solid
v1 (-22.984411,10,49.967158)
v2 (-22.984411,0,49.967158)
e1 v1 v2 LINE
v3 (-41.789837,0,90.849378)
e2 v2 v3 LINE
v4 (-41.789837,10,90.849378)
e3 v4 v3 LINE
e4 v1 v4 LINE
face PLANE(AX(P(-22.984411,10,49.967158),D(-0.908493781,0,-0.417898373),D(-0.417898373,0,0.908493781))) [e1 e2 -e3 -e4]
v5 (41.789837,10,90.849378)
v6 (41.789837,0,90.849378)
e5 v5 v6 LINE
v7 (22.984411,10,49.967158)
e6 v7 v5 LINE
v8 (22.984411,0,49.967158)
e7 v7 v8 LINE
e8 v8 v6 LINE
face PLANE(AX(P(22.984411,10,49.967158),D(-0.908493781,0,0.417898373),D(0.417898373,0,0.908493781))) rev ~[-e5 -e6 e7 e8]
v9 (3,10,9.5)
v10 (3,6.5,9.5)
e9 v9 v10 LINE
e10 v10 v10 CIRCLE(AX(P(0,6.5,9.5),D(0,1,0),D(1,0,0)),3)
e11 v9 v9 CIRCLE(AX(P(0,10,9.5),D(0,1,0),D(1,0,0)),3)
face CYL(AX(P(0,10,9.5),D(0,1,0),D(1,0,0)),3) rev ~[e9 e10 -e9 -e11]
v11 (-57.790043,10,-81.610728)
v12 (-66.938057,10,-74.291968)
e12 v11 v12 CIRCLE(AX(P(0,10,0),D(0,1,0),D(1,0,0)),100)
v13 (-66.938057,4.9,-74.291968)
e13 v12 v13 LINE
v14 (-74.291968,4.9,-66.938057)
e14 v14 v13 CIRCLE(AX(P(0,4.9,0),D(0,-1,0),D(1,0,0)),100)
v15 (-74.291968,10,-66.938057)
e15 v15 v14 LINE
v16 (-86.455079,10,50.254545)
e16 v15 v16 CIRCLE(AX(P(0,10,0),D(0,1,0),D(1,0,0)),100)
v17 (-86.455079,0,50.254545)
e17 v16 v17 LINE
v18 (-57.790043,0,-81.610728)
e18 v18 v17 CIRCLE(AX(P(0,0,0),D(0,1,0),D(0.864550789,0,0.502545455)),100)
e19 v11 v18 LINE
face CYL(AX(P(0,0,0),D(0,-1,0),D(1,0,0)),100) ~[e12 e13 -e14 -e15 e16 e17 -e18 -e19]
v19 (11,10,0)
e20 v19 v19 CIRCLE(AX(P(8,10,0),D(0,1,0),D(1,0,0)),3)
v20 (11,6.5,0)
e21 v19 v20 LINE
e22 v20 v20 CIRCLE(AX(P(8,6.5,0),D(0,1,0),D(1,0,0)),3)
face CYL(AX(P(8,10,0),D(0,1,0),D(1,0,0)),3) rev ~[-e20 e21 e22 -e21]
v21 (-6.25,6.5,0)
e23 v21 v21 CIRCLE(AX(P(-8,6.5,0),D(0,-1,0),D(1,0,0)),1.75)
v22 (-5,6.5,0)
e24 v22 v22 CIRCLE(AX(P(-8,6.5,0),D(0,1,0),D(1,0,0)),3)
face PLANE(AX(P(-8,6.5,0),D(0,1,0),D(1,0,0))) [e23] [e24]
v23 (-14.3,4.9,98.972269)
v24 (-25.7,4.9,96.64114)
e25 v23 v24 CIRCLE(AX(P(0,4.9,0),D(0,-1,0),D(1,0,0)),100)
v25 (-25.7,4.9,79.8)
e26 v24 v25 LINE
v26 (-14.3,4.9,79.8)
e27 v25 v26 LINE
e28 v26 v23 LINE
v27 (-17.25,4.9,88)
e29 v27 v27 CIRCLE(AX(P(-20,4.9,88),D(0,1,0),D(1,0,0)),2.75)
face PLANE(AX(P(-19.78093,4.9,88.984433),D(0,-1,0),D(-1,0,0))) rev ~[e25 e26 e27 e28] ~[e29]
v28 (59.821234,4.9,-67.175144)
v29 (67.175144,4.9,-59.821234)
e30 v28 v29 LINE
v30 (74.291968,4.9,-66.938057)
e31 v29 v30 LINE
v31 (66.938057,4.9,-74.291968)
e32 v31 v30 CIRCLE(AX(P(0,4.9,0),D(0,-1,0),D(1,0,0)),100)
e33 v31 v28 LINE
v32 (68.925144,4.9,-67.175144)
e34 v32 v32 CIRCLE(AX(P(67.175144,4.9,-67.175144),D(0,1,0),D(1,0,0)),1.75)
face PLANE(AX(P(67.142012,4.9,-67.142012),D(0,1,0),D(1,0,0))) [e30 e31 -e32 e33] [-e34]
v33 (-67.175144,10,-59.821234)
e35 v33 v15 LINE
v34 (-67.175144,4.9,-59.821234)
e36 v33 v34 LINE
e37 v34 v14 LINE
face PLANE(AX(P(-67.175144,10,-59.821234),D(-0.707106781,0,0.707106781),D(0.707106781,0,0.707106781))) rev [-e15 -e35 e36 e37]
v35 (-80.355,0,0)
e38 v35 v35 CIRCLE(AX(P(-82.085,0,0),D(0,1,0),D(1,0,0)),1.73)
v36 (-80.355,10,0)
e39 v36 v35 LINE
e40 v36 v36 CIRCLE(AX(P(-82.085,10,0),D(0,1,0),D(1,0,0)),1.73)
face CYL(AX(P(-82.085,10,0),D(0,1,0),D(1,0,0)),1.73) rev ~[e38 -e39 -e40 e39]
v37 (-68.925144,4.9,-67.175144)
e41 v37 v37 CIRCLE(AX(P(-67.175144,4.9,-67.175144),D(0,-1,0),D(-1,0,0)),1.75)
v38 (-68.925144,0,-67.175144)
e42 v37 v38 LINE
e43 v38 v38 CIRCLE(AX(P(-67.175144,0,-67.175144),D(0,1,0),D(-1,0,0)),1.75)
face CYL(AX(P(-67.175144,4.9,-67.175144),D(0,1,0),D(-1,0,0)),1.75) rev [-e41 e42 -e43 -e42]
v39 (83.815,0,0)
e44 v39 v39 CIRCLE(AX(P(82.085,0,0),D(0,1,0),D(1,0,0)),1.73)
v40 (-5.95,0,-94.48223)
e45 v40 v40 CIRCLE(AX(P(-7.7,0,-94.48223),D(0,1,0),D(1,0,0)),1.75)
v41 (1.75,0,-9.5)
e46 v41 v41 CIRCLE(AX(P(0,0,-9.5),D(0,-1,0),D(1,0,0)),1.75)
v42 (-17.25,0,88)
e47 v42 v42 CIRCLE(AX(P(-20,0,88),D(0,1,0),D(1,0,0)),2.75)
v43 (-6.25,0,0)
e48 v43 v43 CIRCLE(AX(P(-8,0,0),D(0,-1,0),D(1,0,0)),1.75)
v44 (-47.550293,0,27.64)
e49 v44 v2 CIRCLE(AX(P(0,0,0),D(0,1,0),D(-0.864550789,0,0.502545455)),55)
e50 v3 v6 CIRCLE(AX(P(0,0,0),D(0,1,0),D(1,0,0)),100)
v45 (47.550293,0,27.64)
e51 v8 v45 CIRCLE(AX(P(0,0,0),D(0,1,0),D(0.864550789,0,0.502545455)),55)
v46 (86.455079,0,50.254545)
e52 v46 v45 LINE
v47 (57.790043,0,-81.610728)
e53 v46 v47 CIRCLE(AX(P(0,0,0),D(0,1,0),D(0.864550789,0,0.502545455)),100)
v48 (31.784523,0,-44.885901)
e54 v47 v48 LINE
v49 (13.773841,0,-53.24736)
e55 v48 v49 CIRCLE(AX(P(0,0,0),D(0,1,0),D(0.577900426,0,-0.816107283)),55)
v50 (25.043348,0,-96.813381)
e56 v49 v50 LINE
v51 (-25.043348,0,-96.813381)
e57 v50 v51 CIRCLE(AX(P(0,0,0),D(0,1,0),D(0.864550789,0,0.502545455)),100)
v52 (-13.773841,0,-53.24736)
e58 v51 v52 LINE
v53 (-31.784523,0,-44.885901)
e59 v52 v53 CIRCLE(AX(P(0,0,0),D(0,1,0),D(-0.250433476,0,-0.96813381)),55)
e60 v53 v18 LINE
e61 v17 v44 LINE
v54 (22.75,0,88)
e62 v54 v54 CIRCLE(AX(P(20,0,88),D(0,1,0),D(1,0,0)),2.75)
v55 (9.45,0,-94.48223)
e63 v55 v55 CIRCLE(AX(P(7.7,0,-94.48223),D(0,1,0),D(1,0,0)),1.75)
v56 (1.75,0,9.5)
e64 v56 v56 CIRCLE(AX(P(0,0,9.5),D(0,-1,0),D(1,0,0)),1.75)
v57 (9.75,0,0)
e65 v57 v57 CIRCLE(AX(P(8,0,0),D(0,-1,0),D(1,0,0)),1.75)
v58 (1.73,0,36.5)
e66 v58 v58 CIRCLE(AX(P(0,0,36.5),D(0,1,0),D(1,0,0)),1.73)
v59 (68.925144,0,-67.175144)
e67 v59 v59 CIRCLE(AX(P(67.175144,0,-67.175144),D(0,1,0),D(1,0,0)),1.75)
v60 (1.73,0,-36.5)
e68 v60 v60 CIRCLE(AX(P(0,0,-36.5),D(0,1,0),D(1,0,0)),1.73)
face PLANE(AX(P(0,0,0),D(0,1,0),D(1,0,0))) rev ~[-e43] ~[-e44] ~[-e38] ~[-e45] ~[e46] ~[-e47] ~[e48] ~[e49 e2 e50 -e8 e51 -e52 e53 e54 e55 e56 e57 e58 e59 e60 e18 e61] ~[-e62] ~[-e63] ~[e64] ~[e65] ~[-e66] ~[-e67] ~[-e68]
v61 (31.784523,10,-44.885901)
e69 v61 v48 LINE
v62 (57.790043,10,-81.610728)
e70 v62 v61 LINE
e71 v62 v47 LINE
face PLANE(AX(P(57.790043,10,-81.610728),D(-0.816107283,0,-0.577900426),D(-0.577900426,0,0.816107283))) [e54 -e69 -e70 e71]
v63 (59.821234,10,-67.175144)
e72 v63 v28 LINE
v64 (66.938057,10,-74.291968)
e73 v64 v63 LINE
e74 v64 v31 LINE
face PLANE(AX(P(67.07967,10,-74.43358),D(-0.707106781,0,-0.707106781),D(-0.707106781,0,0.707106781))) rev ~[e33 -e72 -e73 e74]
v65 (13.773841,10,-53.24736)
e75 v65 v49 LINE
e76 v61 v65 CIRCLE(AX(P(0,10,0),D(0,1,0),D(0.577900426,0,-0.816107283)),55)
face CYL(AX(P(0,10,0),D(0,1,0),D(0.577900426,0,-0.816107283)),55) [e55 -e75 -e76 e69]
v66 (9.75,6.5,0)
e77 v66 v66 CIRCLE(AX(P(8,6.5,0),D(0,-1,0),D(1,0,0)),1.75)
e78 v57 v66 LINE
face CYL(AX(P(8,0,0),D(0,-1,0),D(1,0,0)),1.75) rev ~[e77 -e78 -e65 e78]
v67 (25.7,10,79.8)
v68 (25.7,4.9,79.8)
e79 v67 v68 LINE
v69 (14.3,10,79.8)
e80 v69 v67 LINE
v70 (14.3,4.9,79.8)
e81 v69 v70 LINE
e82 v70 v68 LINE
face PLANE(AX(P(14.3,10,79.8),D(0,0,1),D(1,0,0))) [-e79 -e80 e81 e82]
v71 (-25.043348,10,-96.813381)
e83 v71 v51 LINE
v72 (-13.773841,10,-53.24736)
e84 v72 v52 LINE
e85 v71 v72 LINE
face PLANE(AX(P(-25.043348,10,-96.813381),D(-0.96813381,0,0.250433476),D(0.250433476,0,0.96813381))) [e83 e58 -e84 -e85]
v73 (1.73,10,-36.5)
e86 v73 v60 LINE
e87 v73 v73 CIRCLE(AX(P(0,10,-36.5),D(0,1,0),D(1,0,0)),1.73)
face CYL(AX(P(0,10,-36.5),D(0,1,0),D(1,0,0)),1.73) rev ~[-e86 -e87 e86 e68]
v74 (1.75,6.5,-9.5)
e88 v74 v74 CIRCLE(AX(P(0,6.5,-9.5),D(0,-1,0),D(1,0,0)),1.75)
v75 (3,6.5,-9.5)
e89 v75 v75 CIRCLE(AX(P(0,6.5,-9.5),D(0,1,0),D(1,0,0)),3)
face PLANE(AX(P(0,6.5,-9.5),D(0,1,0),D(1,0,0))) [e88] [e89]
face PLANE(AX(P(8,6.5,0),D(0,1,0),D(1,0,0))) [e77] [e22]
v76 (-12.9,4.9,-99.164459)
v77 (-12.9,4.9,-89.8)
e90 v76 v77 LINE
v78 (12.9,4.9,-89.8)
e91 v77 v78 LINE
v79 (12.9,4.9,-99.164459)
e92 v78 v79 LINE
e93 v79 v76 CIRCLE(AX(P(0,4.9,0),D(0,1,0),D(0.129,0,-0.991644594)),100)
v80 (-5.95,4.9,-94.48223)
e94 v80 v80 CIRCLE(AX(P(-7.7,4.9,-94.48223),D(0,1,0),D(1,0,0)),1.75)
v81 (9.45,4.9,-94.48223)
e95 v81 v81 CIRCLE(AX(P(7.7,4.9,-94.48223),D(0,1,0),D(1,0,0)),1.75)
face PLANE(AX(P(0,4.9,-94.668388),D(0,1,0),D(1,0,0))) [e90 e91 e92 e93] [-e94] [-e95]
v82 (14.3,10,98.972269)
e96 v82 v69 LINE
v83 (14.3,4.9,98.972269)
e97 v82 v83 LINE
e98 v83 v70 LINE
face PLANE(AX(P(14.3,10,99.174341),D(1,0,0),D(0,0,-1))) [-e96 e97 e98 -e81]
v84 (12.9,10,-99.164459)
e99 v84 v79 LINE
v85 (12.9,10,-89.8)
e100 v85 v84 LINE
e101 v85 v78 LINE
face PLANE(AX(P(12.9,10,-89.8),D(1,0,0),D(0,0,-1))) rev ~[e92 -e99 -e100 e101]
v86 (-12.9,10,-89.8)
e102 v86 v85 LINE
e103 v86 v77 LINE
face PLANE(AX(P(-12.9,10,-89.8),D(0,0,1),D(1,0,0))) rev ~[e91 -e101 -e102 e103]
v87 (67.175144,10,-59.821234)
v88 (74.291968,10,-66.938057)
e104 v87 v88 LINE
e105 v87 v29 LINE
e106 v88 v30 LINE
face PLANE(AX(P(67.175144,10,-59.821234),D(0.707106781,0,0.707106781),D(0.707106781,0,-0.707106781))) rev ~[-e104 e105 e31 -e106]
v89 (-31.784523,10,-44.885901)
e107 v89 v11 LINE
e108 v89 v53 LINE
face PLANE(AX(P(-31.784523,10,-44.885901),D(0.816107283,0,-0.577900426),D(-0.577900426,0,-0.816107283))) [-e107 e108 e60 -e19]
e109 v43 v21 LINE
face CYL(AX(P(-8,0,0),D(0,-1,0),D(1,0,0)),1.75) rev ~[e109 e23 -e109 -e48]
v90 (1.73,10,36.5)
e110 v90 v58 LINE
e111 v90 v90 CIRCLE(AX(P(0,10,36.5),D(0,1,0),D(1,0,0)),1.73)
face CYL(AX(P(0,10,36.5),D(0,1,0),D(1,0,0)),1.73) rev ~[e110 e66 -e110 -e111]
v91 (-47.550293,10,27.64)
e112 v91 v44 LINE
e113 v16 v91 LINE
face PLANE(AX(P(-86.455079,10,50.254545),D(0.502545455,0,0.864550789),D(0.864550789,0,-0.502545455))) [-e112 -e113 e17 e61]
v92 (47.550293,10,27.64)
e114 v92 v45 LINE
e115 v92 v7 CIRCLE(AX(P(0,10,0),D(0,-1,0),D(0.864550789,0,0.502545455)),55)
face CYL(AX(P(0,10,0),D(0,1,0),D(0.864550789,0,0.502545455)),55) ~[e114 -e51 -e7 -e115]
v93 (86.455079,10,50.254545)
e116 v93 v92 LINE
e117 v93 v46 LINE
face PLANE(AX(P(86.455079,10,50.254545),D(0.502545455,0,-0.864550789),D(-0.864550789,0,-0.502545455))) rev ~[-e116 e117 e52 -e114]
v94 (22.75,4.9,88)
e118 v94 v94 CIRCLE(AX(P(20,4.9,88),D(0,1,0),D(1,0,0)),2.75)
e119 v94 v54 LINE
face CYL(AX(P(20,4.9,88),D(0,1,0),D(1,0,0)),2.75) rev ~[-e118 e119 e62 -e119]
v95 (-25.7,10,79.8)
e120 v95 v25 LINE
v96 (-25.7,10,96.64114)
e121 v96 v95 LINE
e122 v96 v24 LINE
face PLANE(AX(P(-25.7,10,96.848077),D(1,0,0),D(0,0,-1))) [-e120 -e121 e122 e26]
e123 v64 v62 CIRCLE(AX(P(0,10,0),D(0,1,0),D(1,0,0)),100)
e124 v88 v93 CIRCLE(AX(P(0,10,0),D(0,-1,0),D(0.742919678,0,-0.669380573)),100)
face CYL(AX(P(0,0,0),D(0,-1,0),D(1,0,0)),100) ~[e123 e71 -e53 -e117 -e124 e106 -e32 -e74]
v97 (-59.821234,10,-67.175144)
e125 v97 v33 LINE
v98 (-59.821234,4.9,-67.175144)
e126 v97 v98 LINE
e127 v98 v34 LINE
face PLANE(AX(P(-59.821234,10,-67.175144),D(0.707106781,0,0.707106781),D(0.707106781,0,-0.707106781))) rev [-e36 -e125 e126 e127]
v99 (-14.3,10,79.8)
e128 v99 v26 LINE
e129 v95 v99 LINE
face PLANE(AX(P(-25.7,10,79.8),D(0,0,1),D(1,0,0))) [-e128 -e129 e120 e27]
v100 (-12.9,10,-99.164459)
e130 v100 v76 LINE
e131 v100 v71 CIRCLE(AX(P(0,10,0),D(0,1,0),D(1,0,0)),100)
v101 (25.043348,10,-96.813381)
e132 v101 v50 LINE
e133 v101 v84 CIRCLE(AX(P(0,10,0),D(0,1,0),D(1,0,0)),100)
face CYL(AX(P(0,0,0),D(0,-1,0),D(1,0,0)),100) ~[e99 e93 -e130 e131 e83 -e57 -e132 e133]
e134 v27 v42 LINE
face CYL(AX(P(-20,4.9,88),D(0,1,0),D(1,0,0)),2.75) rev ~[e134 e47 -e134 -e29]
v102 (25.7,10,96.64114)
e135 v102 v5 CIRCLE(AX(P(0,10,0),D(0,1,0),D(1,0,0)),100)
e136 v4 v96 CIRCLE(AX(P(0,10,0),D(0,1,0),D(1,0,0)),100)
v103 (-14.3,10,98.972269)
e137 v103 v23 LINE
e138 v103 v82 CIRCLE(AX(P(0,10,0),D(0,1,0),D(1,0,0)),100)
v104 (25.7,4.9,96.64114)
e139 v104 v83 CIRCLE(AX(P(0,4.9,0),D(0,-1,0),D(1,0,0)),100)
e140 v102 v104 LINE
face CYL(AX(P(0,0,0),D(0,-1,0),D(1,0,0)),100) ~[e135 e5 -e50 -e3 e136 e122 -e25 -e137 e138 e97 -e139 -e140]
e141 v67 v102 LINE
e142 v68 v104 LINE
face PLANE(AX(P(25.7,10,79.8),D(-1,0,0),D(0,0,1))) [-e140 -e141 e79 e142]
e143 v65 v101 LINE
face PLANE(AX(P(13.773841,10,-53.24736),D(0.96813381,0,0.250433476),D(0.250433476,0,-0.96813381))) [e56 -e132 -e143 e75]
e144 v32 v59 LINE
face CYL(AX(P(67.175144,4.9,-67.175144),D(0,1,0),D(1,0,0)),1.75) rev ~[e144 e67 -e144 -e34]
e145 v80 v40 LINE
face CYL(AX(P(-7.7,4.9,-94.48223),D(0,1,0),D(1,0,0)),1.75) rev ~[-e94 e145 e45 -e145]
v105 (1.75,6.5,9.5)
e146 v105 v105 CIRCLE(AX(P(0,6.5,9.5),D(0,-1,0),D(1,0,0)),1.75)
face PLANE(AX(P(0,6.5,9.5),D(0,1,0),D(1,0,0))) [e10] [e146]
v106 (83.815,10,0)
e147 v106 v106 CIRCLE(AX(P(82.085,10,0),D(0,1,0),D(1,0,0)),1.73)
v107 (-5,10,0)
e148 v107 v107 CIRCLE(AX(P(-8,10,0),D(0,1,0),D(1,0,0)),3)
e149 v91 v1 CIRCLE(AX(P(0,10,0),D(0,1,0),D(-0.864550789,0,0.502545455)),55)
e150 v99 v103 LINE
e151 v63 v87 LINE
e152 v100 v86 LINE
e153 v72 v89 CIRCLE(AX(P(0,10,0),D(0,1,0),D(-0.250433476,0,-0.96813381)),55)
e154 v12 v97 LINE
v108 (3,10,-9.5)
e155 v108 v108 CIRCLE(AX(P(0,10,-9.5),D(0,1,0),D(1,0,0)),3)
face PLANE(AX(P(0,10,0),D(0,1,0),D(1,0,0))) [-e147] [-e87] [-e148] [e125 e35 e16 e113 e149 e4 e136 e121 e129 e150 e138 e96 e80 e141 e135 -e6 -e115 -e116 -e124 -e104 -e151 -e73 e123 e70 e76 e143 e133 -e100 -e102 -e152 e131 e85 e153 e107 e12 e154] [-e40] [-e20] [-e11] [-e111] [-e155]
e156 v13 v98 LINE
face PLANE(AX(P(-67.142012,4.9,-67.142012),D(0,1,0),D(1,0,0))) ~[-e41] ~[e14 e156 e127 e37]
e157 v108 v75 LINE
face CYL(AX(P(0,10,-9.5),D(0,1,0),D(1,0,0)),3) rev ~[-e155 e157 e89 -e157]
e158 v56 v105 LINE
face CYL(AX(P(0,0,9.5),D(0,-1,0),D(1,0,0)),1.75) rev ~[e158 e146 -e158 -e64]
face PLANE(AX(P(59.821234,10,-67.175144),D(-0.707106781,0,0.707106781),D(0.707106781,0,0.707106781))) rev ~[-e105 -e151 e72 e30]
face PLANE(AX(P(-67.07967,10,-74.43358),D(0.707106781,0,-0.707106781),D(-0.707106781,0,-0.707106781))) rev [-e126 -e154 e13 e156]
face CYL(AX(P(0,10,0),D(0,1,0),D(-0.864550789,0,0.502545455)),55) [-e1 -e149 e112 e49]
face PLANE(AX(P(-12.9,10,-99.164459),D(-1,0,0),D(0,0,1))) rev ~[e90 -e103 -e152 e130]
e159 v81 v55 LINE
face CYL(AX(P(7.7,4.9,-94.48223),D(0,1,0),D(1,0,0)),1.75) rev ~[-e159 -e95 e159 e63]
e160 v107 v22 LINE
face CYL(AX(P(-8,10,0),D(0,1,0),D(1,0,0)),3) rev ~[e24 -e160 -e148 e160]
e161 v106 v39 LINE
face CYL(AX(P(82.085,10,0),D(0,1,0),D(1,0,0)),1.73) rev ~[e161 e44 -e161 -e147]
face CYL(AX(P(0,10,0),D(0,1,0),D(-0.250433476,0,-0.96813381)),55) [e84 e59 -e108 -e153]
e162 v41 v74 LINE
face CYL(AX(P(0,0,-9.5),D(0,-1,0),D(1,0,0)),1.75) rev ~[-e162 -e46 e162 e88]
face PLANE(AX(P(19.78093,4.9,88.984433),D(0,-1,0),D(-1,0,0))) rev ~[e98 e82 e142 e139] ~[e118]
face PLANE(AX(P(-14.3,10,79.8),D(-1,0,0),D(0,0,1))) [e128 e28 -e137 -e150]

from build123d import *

# Parameters (mm, degrees)
SKETCH1_R           = 100
BOSS_EXTRUDE1_DEPTH = 10
SKETCH4_R           = 1.73
CUT_EXTRUDE2_DEPTH  = 11
SKETCH6_R           = 1.75
CUT_EXTRUDE3_DEPTH  = 10
SKETCH7_R           = 3
CUT_EXTRUDE4_DEPTH  = 3.5
CUT_EXTRUDE5_DEPTH  = 5.1
CUT_EXTRUDE6_DEPTH  = 5.1
SKETCH10_R          = 1.75
CUT_EXTRUDE7_DEPTH  = 5.9
CUT_EXTRUDE9_DEPTH  = 5.1
SKETCH13_R          = 1.75
CUT_EXTRUDE10_DEPTH = 5.9
CUT_EXTRUDE11_DEPTH = 11
CUT_EXTRUDE12_DEPTH = 11
SKETCH18_R          = 2.75
CUT_EXTRUDE13_DEPTH = 5.9


with BuildPart() as part:
    # Sketch1 → Boss-Extrude1 (new body)
    with BuildSketch(Plane(origin=(0, 0, 0), x_dir=(1, 0, 0), z_dir=(0, 1, 0))):
        Circle(SKETCH1_R)
    extrude(amount=BOSS_EXTRUDE1_DEPTH)

    # Sketch4 → Cut-Extrude2 (cut, through all)
    with BuildSketch(Plane(origin=(0, 10, 0), x_dir=(1, 0, 0), z_dir=(0, 1, 0))):
        with Locations((-82.085, 0)):
            Circle(SKETCH4_R)
        with Locations((0, -36.5)):
            Circle(SKETCH4_R)
        with Locations((82.085, 0)):
            Circle(SKETCH4_R)
        with Locations((0, 36.5)):
            Circle(SKETCH4_R)
    extrude(amount=-CUT_EXTRUDE2_DEPTH, mode=Mode.SUBTRACT)

    # Sketch6 → Cut-Extrude3 (cut)
    with BuildSketch(Plane.XZ):
        with Locations((8, 0)):
            Circle(SKETCH6_R)
        with Locations((0, 9.5)):
            Circle(SKETCH6_R)
        with Locations((-8, 0)):
            Circle(SKETCH6_R)
        with Locations((0, -9.5)):
            Circle(SKETCH6_R)
    extrude(amount=-CUT_EXTRUDE3_DEPTH, mode=Mode.SUBTRACT)

    # Sketch7 → Cut-Extrude4 (cut)
    with BuildSketch(Plane(origin=(0, 10, 0), x_dir=(1, 0, 0), z_dir=(0, 1, 0))):
        with Locations((0, 9.5)):
            Circle(SKETCH7_R)
        with Locations((-8, 0)):
            Circle(SKETCH7_R)
        with Locations((0, -9.5)):
            Circle(SKETCH7_R)
        with Locations((8, 0)):
            Circle(SKETCH7_R)
    extrude(amount=-CUT_EXTRUDE4_DEPTH, mode=Mode.SUBTRACT)

    # Sketch8 → Cut-Extrude5 (cut)
    with BuildSketch(Plane(origin=(0, 10, 0), x_dir=(1, 0, 0), z_dir=(0, 1, 0))):
        with BuildLine():
            Line((-14.3, -79.8), (-14.3, -99.17434144))
            ThreePointArc((-14.3, -99.17434144), (-20.033793367, -98.17681561), (-25.7, -96.848076904))
            Line((-25.7, -96.848076904), (-25.7, -79.8))
            Line((-25.7, -79.8), (-14.3, -79.8))
        make_face()
        with BuildLine():
            Line((25.7, -79.8), (25.7, -96.848076904))
            ThreePointArc((25.7, -96.848076904), (20.033793367, -98.17681561), (14.3, -99.17434144))
            Line((14.3, -99.17434144), (14.3, -79.8))
            Line((14.3, -79.8), (25.7, -79.8))
        make_face()
    extrude(amount=-CUT_EXTRUDE5_DEPTH, mode=Mode.SUBTRACT)

    # Sketch9 → Cut-Extrude6 (cut)
    with BuildSketch(Plane(origin=(0, 10, 0), x_dir=(1, 0, 0), z_dir=(0, 1, 0))):
        with BuildLine():
            Line((-12.9, 99.164459359), (-12.9, 89.8))
            Line((-12.9, 89.8), (12.9, 89.8))
            Line((12.9, 89.8), (12.9, 99.164459359))
            ThreePointArc((12.9, 99.164459359), (0, 100), (-12.9, 99.164459359))
        make_face()
    extrude(amount=-CUT_EXTRUDE6_DEPTH, mode=Mode.SUBTRACT)

    # Sketch10 → Cut-Extrude7 (cut, through all)
    with BuildSketch(Plane(origin=(0, 4.9, 0), x_dir=(1, 0, 0), z_dir=(0, 1, 0))):
        with Locations((-7.7, 94.48222968)):
            Circle(SKETCH10_R)
        with Locations((7.7, 94.48222968)):
            Circle(SKETCH10_R)
    extrude(amount=-CUT_EXTRUDE7_DEPTH, mode=Mode.SUBTRACT)

    # Sketch12 → Cut-Extrude9 (cut)
    with BuildSketch(Plane(origin=(0, 10, 0), x_dir=(1, 0, 0), z_dir=(0, 1, 0))):
        with BuildLine():
            Line((67.079669869, 74.433580394), (59.821233688, 67.175144213))
            Line((59.821233688, 67.175144213), (67.175144213, 59.821233688))
            Line((67.175144213, 59.821233688), (74.433580394, 67.079669869))
            ThreePointArc((74.433580394, 67.079669869), (70.852099475, 70.852099475), (67.079669869, 74.433580394))
        make_face()
    cut_extrude9 = extrude(amount=-CUT_EXTRUDE9_DEPTH, mode=Mode.SUBTRACT)

    # Sketch13 → Cut-Extrude10 (cut, through all)
    with BuildSketch(Plane(origin=(0, 4.9, 0), x_dir=(1, 0, 0), z_dir=(0, 1, 0))):
        with Locations((67.175144213, 67.175144213)):
            Circle(SKETCH13_R)
    cut_extrude10 = extrude(amount=-CUT_EXTRUDE10_DEPTH, mode=Mode.SUBTRACT)

    # Mirror1: Cut-Extrude9, Cut-Extrude10 across plane
    add(cut_extrude9.mirror(Plane(origin=(0, 0, 0), x_dir=(0, 0, 1), z_dir=(1, 0, 0))), mode=Mode.SUBTRACT)
    add(cut_extrude10.mirror(Plane(origin=(0, 0, 0), x_dir=(0, 0, 1), z_dir=(1, 0, 0))), mode=Mode.SUBTRACT)

    # Sketch15 → Cut-Extrude11 (cut, through all)
    with BuildSketch(Plane(origin=(0, 10, 0), x_dir=(1, 0, 0), z_dir=(0, 1, 0))):
        with BuildLine():
            Line((-22.984410516, -49.967157946), (-41.789837303, -90.849378084))
            ThreePointArc((-41.789837303, -90.849378084), (-67.258268931, -74.002197673), (-86.455078863, -50.254545455))
            Line((-86.455078863, -50.254545455), (-47.550293374, -27.64))
            ThreePointArc((-47.550293374, -27.64), (-36.992047912, -40.70120872), (-22.984410516, -49.967157946))
        make_face()
        with BuildLine():
            Line((22.984410516, -49.967157946), (41.789837303, -90.849378084))
            ThreePointArc((41.789837303, -90.849378084), (67.258268931, -74.002197673), (86.455078863, -50.254545455))
            Line((86.455078863, -50.254545455), (47.550293374, -27.64))
            ThreePointArc((47.550293374, -27.64), (36.992047912, -40.70120872), (22.984410516, -49.967157946))
        make_face()
    extrude(amount=-CUT_EXTRUDE11_DEPTH, mode=Mode.SUBTRACT)

    # Sketch17 → Cut-Extrude12 (cut, through all)
    with BuildSketch(Plane(origin=(0, 10, 0), x_dir=(1, 0, 0), z_dir=(0, 1, 0))):
        with BuildLine():
            Line((-31.784523452, 44.885900558), (-57.79004264, 81.610728288))
            ThreePointArc((-57.79004264, 81.610728288), (-42.108464674, 90.7021345), (-25.043347605, 96.813381))
            Line((-25.043347605, 96.813381), (-13.773841183, 53.24735955))
            ThreePointArc((-13.773841183, 53.24735955), (-23.159655571, 49.886173975), (-31.784523452, 44.885900558))
        make_face()
        with BuildLine():
            Line((13.773841183, 53.24735955), (25.043347605, 96.813381))
            ThreePointArc((25.043347605, 96.813381), (42.108464674, 90.7021345), (57.79004264, 81.610728288))
            Line((57.79004264, 81.610728288), (31.784523452, 44.885900558))
            ThreePointArc((31.784523452, 44.885900558), (23.159655571, 49.886173975), (13.773841183, 53.24735955))
        make_face()
    extrude(amount=-CUT_EXTRUDE12_DEPTH, mode=Mode.SUBTRACT)

    # Sketch18 → Cut-Extrude13 (cut, through all)
    with BuildSketch(Plane(origin=(0, 4.9, 0), x_dir=(1, 0, 0), z_dir=(0, 1, 0))):
        with Locations((-20, -88)):
            Circle(SKETCH18_R)
        with Locations((20, -88)):
            Circle(SKETCH18_R)
    extrude(amount=-CUT_EXTRUDE13_DEPTH, mode=Mode.SUBTRACT)


solid = part.part
